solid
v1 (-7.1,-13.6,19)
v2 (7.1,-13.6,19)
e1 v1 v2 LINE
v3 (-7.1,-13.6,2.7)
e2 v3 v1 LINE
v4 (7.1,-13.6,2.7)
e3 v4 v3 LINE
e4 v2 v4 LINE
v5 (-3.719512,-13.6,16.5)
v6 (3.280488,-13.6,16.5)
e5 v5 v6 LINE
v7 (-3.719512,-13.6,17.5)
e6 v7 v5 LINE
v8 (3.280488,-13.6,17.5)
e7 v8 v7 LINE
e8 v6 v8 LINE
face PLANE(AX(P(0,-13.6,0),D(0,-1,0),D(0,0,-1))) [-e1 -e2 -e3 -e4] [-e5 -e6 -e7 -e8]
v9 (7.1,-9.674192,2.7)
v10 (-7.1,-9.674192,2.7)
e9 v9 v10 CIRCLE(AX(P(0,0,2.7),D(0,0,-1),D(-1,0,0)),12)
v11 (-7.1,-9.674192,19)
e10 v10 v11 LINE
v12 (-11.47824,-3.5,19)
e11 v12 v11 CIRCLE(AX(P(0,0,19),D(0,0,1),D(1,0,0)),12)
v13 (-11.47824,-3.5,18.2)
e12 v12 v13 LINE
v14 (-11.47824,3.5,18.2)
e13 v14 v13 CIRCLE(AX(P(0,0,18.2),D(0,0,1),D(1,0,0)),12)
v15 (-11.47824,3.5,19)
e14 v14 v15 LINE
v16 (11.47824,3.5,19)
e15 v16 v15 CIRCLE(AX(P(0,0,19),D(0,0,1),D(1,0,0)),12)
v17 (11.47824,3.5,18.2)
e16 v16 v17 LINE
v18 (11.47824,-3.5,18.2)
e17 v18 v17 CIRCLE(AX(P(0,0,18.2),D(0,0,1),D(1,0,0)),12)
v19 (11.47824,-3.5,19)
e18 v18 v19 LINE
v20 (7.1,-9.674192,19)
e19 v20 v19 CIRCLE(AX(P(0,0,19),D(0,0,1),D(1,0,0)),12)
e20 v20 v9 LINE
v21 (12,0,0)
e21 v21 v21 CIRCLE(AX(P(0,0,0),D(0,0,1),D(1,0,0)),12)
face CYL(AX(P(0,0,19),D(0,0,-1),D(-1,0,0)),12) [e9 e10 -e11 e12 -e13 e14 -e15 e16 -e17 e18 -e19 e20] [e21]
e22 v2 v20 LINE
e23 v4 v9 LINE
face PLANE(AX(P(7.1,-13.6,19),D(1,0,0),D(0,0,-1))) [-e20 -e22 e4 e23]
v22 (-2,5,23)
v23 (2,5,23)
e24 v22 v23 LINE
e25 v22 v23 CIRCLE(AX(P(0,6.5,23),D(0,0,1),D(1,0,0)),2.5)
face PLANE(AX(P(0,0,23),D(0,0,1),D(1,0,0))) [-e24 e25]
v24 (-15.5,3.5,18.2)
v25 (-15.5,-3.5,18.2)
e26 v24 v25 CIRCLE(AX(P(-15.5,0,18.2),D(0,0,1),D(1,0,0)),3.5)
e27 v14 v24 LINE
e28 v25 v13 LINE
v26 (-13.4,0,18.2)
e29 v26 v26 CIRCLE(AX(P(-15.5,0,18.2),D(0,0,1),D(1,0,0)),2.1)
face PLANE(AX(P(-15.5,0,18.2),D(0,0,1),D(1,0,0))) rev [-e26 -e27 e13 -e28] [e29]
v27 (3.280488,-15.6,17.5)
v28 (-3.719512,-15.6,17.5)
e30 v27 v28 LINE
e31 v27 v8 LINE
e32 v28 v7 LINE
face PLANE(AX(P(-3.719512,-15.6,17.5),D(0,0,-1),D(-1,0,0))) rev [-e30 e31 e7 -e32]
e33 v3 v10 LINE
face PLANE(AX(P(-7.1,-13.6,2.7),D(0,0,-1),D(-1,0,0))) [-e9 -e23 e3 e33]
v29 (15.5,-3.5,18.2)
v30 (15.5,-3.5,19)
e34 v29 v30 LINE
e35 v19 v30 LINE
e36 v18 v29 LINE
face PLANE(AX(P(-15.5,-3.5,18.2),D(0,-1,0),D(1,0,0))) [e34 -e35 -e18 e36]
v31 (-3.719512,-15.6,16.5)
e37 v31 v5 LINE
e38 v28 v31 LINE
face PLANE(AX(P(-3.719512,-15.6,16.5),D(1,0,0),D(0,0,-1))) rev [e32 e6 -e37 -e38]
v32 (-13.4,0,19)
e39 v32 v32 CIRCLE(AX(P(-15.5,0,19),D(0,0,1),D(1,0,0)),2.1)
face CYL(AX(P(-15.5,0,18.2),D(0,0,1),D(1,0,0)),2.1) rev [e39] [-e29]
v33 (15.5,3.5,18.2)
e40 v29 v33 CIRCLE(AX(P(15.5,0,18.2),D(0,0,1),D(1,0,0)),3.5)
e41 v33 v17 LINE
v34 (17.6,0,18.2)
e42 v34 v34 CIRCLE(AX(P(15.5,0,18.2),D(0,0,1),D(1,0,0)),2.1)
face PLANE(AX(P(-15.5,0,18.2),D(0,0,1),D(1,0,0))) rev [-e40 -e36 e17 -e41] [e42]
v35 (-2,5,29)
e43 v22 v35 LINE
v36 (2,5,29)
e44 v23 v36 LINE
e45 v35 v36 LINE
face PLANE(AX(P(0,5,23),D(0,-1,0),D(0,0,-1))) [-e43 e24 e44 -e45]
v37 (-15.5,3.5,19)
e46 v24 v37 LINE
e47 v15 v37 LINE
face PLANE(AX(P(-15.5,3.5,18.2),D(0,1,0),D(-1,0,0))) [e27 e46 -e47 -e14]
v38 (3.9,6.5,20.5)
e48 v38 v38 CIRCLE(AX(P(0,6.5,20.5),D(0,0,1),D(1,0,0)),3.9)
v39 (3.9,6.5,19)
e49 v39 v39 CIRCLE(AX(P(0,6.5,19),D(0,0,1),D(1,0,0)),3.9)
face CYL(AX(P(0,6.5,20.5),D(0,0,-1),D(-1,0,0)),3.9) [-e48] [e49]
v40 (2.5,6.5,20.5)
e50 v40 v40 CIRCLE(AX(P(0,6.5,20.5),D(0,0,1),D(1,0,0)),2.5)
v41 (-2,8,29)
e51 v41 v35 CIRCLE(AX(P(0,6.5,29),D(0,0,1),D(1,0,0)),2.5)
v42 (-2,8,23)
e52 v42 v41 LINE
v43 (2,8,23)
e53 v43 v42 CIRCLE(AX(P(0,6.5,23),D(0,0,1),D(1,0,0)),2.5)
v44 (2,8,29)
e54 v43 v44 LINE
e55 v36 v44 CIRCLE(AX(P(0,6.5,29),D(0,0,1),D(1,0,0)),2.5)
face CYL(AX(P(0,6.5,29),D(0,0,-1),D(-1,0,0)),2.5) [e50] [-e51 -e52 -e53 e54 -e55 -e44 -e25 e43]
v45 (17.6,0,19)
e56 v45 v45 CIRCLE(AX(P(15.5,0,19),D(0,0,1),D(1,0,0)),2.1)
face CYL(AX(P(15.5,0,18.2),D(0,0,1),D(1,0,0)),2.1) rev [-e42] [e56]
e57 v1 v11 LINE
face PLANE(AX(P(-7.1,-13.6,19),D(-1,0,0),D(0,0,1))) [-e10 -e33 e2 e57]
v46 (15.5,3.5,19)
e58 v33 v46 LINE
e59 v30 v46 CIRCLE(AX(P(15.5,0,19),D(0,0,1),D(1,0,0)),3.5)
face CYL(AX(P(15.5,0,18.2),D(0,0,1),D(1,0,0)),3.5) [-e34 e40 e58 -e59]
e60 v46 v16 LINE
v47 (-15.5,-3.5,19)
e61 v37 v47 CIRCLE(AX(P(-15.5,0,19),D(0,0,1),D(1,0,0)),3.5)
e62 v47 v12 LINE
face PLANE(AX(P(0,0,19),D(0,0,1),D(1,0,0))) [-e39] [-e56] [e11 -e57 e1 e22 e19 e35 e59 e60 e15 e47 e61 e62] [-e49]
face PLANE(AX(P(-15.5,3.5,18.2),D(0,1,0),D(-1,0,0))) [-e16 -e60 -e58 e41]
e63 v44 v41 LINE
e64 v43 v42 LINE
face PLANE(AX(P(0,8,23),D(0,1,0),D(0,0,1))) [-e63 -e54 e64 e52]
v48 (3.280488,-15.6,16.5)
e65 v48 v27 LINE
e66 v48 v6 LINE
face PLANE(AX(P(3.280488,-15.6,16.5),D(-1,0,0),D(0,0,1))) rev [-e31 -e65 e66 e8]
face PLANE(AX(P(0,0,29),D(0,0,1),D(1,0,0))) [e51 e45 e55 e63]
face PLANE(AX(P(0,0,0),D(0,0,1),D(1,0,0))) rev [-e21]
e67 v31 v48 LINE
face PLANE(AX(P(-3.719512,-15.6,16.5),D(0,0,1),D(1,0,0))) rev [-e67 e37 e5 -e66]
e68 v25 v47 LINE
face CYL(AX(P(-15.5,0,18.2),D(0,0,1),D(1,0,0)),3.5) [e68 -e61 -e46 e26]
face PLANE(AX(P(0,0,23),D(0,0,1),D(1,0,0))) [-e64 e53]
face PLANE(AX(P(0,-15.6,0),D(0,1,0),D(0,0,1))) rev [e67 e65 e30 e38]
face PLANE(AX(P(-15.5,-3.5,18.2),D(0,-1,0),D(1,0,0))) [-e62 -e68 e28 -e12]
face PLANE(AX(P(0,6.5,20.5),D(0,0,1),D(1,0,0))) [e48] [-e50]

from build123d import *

# Parameters (mm, degrees)
SKETCH1_R           = 12
BOSS_EXTRUDE1_DEPTH = 19
SKETCH2_R           = 3.9
BOSS_EXTRUDE2_DEPTH = 1.5
SKETCH3_R           = 2.1
BOSS_EXTRUDE3_DEPTH = 0.8
SKETCH4_R           = 2.5
BOSS_EXTRUDE4_DEPTH = 8.5
CUT_EXTRUDE2_DEPTH  = 6
SKETCH6_W           = 14.2
SKETCH6_H           = 16.3
BOSS_EXTRUDE5_DEPTH = 13.6
SKETCH7_W           = 7
SKETCH7_H           = 1
BOSS_EXTRUDE6_DEPTH = 2


with BuildPart() as part:
    # Sketch1 → Boss-Extrude1 (new body)
    with BuildSketch(Plane.XY):
        Circle(SKETCH1_R)
    extrude(amount=BOSS_EXTRUDE1_DEPTH)

    # Sketch2 → Boss-Extrude2 (add)
    with BuildSketch(Plane.XY.offset(19)):
        with Locations((0, 6.5)):
            Circle(SKETCH2_R)
    extrude(amount=BOSS_EXTRUDE2_DEPTH)

    # Sketch3 → Boss-Extrude3 (add)
    with BuildSketch(Plane.XY.offset(19)):
        with BuildLine():
            Line((-15.5, 3.5), (15.5, 3.5))
            ThreePointArc((15.5, 3.5), (19, 0), (15.5, -3.5))
            Line((15.5, -3.5), (-15.5, -3.5))
            ThreePointArc((-15.5, -3.5), (-19, 0), (-15.5, 3.5))
        make_face()
        with Locations((-15.5, 0)):
            Circle(SKETCH3_R, mode=Mode.SUBTRACT)
        with Locations((15.5, 0)):
            Circle(SKETCH3_R, mode=Mode.SUBTRACT)
    extrude(amount=-BOSS_EXTRUDE3_DEPTH)

    # Sketch4 → Boss-Extrude4 (add)
    with BuildSketch(Plane.XY.offset(20.5)):
        with Locations((0, 6.5)):
            Circle(SKETCH4_R)
    extrude(amount=BOSS_EXTRUDE4_DEPTH)

    # Sketch5 → Cut-Extrude2 (cut)
    with BuildSketch(Plane.XY.offset(29)):
        with BuildLine():
            Line((-2, 8), (2, 8))
            ThreePointArc((2, 8), (0, 9), (-2, 8))
        make_face()
        with BuildLine():
            Line((2, 5), (-2, 5))
            ThreePointArc((-2, 5), (0, 4), (2, 5))
        make_face()
    extrude(amount=-CUT_EXTRUDE2_DEPTH, mode=Mode.SUBTRACT)

    # Sketch6 → Boss-Extrude5 (add)
    with BuildSketch(Plane(origin=(0, 0, 0), x_dir=(1, 0, 0), z_dir=(0, 1, 0))):
        with Locations((0, -10.85)):
            Rectangle(SKETCH6_W, SKETCH6_H)
    extrude(amount=-BOSS_EXTRUDE5_DEPTH)

    # Sketch7 → Boss-Extrude6 (add)
    with BuildSketch(Plane.XZ.offset(13.6)):
        with Locations((-0.219512042, 17)):
            Rectangle(SKETCH7_W, SKETCH7_H)
    extrude(amount=BOSS_EXTRUDE6_DEPTH)


solid = part.part
